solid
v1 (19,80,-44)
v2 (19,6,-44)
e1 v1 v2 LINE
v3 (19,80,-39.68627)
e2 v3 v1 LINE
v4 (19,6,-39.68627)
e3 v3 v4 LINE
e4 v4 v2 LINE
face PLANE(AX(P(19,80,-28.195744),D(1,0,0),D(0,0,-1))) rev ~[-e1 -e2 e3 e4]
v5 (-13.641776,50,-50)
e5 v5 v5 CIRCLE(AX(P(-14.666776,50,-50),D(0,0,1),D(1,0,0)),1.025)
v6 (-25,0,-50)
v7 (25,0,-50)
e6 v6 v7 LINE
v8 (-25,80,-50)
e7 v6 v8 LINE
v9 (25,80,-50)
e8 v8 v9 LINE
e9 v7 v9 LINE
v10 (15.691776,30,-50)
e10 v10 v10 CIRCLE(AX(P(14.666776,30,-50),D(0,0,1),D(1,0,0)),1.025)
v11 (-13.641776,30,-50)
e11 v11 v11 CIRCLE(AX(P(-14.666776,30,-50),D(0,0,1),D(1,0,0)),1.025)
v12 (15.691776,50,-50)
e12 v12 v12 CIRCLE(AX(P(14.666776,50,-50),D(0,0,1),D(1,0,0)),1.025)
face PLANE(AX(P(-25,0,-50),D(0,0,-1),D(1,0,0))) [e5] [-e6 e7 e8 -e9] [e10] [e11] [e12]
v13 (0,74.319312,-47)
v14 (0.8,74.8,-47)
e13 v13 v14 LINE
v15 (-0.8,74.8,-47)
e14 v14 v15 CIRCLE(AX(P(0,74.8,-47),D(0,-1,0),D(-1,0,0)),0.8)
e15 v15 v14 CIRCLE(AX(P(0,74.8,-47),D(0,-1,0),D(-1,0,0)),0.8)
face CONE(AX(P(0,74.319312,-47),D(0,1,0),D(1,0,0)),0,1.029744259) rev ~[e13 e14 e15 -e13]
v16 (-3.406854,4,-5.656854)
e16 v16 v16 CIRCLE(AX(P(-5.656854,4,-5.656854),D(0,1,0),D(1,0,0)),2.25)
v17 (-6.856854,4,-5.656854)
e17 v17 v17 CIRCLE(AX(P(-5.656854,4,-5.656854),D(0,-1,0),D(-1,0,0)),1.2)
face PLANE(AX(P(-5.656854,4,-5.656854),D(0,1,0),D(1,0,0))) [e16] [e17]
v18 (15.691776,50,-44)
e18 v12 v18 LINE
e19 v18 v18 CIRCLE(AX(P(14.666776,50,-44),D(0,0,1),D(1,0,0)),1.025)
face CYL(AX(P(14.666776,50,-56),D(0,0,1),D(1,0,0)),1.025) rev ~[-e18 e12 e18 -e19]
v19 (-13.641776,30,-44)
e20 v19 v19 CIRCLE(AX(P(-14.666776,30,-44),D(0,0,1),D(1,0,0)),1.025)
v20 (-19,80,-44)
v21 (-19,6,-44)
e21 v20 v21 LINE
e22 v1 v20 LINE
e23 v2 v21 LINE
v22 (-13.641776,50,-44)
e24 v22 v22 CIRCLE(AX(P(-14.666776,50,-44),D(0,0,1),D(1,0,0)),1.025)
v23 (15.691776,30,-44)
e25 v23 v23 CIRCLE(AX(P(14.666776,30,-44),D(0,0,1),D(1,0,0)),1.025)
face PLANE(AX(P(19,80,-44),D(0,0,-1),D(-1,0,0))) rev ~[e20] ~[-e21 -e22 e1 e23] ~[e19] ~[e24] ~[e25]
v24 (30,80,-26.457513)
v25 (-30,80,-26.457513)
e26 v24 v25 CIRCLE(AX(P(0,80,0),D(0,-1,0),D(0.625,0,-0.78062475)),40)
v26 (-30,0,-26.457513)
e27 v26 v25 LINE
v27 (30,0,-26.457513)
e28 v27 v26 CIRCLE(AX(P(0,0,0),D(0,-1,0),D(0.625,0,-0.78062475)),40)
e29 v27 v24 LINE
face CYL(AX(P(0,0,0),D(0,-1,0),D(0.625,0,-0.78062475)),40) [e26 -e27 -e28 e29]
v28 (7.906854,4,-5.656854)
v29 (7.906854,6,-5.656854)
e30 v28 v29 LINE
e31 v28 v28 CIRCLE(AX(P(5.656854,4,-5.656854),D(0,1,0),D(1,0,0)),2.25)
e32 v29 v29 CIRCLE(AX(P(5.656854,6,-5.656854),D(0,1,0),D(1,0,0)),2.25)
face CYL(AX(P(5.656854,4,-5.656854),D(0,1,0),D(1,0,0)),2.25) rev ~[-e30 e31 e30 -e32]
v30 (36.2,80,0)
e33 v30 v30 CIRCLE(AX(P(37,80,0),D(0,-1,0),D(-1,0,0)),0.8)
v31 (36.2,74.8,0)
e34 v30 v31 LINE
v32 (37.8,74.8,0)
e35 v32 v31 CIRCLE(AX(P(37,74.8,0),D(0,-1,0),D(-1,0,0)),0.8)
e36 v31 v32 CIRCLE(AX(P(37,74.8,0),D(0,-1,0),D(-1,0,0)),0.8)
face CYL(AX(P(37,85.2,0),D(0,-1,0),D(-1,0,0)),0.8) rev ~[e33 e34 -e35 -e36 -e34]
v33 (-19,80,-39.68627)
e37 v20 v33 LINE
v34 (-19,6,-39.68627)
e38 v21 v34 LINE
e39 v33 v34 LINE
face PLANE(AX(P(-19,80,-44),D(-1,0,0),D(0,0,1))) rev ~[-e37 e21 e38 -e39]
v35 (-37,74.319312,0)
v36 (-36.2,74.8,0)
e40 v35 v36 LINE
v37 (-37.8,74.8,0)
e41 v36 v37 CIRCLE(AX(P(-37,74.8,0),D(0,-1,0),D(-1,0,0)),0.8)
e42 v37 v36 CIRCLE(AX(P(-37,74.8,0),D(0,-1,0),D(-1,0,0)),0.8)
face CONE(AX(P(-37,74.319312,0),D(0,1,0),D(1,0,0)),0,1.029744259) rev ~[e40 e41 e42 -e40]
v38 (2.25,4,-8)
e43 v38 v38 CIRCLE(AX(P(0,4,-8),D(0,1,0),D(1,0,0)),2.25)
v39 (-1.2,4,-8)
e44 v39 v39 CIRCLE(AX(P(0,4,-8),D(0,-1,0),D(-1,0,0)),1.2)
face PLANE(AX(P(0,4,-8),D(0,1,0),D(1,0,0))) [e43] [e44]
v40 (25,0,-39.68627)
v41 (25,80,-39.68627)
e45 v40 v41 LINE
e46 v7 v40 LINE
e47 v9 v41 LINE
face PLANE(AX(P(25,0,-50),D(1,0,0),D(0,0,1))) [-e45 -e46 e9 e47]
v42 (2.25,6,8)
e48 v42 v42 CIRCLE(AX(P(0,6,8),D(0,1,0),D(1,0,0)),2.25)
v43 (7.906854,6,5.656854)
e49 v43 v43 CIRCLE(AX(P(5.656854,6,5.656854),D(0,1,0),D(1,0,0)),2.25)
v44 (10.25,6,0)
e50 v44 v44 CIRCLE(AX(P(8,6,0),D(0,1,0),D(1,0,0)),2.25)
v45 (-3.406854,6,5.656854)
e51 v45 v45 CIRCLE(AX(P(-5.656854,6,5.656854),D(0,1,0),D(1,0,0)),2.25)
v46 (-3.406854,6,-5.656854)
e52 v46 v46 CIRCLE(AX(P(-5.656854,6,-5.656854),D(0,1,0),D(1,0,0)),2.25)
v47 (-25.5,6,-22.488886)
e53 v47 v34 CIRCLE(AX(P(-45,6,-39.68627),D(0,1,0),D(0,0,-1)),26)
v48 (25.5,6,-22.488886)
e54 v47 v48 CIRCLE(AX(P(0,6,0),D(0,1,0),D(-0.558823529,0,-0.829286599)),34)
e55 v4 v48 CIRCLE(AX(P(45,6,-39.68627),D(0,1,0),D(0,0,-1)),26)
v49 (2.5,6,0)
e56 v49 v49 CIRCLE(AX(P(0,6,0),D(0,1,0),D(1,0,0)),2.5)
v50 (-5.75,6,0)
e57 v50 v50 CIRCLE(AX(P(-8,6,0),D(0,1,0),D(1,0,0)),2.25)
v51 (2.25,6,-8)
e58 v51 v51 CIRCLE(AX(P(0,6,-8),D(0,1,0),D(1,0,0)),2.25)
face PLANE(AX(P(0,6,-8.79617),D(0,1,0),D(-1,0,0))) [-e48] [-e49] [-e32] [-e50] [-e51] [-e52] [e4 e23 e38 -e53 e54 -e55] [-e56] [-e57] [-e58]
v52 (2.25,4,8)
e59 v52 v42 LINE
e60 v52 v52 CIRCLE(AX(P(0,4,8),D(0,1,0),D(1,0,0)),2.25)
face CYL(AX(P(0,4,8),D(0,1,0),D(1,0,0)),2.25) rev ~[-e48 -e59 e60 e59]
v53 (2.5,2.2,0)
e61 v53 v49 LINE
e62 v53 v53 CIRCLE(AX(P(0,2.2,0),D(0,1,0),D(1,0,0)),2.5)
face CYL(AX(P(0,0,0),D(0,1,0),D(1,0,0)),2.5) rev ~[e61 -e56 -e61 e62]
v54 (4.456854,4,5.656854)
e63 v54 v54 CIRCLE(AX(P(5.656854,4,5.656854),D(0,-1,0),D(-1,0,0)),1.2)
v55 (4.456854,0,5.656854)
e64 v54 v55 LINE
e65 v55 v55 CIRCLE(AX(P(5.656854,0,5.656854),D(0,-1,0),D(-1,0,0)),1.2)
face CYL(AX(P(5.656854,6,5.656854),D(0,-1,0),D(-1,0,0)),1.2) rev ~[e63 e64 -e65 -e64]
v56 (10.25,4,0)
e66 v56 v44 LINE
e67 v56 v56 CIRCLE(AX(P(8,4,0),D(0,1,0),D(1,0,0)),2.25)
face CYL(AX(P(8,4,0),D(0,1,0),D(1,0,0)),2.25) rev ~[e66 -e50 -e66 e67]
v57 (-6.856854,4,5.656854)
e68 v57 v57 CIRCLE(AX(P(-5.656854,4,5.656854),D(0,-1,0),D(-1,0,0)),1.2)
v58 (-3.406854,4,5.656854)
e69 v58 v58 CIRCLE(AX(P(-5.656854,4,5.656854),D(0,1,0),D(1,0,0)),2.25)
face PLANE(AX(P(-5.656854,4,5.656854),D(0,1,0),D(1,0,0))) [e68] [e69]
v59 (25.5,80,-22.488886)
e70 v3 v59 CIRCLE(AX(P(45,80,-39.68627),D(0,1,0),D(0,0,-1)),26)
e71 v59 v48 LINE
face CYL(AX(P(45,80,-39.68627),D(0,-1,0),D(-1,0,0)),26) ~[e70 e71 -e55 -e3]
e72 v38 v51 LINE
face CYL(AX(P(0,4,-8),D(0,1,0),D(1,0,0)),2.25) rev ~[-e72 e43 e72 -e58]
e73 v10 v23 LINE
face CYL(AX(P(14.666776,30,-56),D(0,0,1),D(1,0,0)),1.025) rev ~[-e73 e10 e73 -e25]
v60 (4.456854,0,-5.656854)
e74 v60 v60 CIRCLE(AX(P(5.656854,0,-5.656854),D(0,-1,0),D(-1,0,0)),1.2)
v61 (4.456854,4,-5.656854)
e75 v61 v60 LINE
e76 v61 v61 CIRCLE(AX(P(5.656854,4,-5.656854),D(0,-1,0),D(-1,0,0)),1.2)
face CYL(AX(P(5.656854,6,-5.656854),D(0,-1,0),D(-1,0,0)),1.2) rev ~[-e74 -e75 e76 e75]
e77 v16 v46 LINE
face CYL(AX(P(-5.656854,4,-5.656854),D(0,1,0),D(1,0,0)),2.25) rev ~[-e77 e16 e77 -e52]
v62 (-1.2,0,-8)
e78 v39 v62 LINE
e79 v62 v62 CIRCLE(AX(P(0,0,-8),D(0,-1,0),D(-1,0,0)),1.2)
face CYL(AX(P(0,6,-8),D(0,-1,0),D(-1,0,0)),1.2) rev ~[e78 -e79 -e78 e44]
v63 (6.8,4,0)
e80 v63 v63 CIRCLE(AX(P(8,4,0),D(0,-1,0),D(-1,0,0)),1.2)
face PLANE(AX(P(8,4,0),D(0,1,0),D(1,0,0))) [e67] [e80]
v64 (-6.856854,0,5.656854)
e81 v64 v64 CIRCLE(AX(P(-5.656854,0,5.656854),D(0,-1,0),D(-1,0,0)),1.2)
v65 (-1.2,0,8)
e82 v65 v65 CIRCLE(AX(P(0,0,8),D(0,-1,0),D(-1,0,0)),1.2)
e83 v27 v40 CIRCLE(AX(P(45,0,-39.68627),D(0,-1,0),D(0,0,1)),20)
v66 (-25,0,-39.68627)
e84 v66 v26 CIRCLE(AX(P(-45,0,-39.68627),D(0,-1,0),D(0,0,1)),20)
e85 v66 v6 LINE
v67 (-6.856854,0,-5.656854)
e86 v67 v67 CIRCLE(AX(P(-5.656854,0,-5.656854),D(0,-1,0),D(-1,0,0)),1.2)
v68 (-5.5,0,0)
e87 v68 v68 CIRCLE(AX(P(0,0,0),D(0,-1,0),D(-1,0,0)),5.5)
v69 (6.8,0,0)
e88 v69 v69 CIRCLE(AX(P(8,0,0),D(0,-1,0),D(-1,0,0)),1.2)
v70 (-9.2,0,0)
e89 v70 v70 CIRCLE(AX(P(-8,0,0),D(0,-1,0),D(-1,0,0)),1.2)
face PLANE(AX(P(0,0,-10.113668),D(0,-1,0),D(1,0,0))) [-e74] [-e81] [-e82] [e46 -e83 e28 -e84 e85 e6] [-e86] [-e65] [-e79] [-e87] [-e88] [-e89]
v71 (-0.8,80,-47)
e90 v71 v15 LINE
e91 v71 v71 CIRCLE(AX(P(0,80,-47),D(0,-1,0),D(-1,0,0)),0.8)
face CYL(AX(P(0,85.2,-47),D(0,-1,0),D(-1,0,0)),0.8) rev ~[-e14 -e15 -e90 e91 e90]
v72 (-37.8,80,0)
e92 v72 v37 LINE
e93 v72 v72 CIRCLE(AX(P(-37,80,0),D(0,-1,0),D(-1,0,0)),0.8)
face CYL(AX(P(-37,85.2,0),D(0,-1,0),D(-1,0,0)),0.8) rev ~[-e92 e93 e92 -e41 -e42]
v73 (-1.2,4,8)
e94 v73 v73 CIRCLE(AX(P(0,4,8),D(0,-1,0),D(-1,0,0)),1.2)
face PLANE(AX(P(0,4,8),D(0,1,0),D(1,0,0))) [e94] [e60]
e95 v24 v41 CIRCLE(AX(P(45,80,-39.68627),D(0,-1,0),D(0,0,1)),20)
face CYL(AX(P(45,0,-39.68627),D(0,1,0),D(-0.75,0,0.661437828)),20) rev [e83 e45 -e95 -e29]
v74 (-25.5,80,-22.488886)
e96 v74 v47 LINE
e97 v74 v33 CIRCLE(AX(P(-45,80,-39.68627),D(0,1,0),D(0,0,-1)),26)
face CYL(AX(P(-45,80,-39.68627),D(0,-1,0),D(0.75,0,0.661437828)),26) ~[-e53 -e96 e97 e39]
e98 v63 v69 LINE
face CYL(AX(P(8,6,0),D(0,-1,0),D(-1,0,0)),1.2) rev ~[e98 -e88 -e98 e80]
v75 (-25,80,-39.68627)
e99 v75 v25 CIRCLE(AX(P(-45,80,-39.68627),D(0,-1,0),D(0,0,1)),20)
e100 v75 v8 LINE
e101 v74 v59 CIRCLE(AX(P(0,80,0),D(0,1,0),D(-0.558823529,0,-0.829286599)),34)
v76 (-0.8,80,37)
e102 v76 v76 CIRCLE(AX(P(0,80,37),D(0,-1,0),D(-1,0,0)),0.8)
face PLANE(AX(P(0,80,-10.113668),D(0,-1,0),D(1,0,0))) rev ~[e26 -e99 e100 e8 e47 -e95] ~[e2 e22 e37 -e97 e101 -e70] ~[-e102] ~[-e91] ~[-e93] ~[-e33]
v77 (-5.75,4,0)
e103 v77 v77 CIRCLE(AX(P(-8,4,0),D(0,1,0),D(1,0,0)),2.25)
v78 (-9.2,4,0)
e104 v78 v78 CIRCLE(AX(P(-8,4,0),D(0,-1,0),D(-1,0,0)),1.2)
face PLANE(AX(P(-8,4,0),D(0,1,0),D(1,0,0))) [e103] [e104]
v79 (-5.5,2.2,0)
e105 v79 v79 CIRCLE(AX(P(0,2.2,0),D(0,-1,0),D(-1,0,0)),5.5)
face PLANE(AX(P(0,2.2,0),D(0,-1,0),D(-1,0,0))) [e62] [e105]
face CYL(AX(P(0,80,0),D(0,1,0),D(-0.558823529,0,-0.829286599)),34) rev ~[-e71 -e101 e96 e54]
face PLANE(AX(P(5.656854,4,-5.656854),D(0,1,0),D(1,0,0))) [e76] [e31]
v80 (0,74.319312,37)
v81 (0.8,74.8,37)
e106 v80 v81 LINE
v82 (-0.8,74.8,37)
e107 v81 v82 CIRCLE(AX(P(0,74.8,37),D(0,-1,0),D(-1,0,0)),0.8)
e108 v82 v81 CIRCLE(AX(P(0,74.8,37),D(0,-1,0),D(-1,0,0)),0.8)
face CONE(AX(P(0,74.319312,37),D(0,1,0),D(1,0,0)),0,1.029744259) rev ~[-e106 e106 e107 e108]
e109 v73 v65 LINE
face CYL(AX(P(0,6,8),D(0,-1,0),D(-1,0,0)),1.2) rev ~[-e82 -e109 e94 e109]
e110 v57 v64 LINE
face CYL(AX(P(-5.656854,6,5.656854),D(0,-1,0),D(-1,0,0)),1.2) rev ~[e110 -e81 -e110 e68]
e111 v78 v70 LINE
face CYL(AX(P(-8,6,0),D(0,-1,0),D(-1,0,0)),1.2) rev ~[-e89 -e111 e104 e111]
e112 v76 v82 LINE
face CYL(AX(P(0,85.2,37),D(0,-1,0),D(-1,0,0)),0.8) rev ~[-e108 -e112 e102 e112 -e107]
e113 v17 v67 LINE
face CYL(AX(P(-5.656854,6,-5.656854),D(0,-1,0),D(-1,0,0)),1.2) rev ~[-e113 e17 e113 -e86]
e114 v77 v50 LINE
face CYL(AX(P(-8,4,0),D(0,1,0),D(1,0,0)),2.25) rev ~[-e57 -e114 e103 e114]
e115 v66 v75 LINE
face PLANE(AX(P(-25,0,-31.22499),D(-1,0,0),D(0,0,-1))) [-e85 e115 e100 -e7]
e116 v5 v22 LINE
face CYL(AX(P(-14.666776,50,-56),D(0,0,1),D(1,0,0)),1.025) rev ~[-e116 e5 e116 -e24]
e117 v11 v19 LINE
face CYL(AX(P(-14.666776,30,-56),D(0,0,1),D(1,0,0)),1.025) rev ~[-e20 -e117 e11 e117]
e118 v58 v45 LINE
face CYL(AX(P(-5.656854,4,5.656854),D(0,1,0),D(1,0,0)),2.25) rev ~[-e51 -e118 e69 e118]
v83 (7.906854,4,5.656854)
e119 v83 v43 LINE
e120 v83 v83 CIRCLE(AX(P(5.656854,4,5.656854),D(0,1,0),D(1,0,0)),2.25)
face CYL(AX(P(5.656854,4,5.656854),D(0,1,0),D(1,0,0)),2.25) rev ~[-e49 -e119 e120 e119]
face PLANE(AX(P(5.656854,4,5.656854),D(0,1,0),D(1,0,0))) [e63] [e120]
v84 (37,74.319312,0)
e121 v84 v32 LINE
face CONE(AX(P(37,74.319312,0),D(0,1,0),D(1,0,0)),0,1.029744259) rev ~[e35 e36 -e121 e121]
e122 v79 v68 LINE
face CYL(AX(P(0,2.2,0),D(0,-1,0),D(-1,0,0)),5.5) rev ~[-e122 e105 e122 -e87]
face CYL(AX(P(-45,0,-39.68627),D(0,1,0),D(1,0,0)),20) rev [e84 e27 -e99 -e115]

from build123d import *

# Parameters (mm, degrees)
EXTRUDE_1_DEPTH               = 80
CUT_EXTRUDE_1_DEPTH           = 74
HOLE_WIZARD_2_05_2_05_1_D     = 2.05
HOLE_WIZARD_2_05_2_05_1_DEPTH = 6
HOLE_WIZARD_1_6_1_6_1_D       = 1.6
HOLE_WIZARD_1_6_1_6_1_DEPTH   = 5.2
HOLE_WIZARD_1_6_1_6_1_TIP     = 0.480688495
HOLE_WIZARD_M2_1_D            = 2.4
HOLE_WIZARD_M2_1_DEPTH        = 6
HOLE_WIZARD_M2_1_CBORE_D      = 4.5
HOLE_WIZARD_M2_1_CBORE_DEPTH  = 2
HOLE_WIZARD_1_D               = 5
HOLE_WIZARD_1_DEPTH           = 80
HOLE_WIZARD_1_CBORE_D         = 11
HOLE_WIZARD_1_CBORE_DEPTH     = 2.2
FILLET_1_R                    = 20
FILLET_2_R                    = 26


with BuildPart() as part:
    # 스케치1 → 보스-돌출1 (new body)
    with BuildSketch(Plane.XZ):
        with BuildLine():
            Line((-25, -31.224989992), (-25, -50))
            Line((-25, -50), (25, -50))
            Line((25, -50), (25, -31.224989992))
            ThreePointArc((25, -31.224989992), (0, 40), (-25, -31.224989992))
        make_face()
    extrude(amount=-EXTRUDE_1_DEPTH)

    # 스케치2 → 컷-돌출1 (cut)
    with BuildSketch(Plane(origin=(0, 80, 0), x_dir=(-1, 0, 0), z_dir=(0, 1, 0))):
        with BuildLine():
            Line((-19, -44), (19, -44))
            Line((19, -44), (19, -28.19574436))
            ThreePointArc((19, -28.19574436), (0, 34), (-19, -28.19574436))
            Line((-19, -28.19574436), (-19, -44))
        make_face()
    extrude(amount=-CUT_EXTRUDE_1_DEPTH, mode=Mode.SUBTRACT)

    # Ø2.05 (2.05) 지름 구멍1
    with Locations(Plane(origin=(0, 0, -50), x_dir=(-1, 0, 0), z_dir=(0, 0, -1))):
        with Locations((-14.666776399, 50), (-14.666776399, 30), (14.666776399, 50), (14.666776399, 30)):
            Hole(HOLE_WIZARD_2_05_2_05_1_D / 2, depth=HOLE_WIZARD_2_05_2_05_1_DEPTH)

    # Ø1.6 (1.6) 지름 구멍1
    with Locations(Plane(origin=(0, 80, 0), x_dir=(1, 0, 0), z_dir=(0, 1, 0))):
        with Locations((0, 47), (-37, 0), (37, 0), (0, -37)):
            Hole(HOLE_WIZARD_1_6_1_6_1_D / 2, depth=HOLE_WIZARD_1_6_1_6_1_DEPTH)
            with Locations((0, 0, -(HOLE_WIZARD_1_6_1_6_1_DEPTH + HOLE_WIZARD_1_6_1_6_1_TIP / 2))):  # 118° drill point
                Cone(0, HOLE_WIZARD_1_6_1_6_1_D / 2, HOLE_WIZARD_1_6_1_6_1_TIP, mode=Mode.SUBTRACT)

    # M2 육각 머리 작은 나사용 카운터보어1
    with Locations(Plane(origin=(0, 6, 0), x_dir=(1, 0, 0), z_dir=(0, 1, 0))):
        with Locations((0, 8), (5.656854249, 5.656854249), (8, 0), (5.656854249, -5.656854249), (0, -8), (-5.656854249, -5.656854249), (-8, 0), (-5.656854249, 5.656854249)):
            CounterBoreHole(HOLE_WIZARD_M2_1_D / 2, HOLE_WIZARD_M2_1_CBORE_D / 2, HOLE_WIZARD_M2_1_CBORE_DEPTH, depth=HOLE_WIZARD_M2_1_DEPTH)

    # 구멍1
    with Locations(Plane(origin=(0, 0, 0), x_dir=(-1, 0, 0), z_dir=(0, -1, 0))):
        with Locations((0, 0)):
            CounterBoreHole(HOLE_WIZARD_1_D / 2, HOLE_WIZARD_1_CBORE_D / 2, HOLE_WIZARD_1_CBORE_DEPTH, depth=HOLE_WIZARD_1_DEPTH)

    # 필렛1
    fillet_1_edges = [part.edges().sort_by_distance(p)[0] for p in [
        (25, 40, -31.224989992),
        (-25, 40, -31.224989992),
    ]]
    fillet(fillet_1_edges, radius=FILLET_1_R)

    # 필렛2
    fillet_2_edges = [part.edges().sort_by_distance(p)[0] for p in [
        (19, 43, -28.19574436),
        (-19, 43, -28.19574436),
    ]]
    fillet(fillet_2_edges, radius=FILLET_2_R)


solid = part.part
